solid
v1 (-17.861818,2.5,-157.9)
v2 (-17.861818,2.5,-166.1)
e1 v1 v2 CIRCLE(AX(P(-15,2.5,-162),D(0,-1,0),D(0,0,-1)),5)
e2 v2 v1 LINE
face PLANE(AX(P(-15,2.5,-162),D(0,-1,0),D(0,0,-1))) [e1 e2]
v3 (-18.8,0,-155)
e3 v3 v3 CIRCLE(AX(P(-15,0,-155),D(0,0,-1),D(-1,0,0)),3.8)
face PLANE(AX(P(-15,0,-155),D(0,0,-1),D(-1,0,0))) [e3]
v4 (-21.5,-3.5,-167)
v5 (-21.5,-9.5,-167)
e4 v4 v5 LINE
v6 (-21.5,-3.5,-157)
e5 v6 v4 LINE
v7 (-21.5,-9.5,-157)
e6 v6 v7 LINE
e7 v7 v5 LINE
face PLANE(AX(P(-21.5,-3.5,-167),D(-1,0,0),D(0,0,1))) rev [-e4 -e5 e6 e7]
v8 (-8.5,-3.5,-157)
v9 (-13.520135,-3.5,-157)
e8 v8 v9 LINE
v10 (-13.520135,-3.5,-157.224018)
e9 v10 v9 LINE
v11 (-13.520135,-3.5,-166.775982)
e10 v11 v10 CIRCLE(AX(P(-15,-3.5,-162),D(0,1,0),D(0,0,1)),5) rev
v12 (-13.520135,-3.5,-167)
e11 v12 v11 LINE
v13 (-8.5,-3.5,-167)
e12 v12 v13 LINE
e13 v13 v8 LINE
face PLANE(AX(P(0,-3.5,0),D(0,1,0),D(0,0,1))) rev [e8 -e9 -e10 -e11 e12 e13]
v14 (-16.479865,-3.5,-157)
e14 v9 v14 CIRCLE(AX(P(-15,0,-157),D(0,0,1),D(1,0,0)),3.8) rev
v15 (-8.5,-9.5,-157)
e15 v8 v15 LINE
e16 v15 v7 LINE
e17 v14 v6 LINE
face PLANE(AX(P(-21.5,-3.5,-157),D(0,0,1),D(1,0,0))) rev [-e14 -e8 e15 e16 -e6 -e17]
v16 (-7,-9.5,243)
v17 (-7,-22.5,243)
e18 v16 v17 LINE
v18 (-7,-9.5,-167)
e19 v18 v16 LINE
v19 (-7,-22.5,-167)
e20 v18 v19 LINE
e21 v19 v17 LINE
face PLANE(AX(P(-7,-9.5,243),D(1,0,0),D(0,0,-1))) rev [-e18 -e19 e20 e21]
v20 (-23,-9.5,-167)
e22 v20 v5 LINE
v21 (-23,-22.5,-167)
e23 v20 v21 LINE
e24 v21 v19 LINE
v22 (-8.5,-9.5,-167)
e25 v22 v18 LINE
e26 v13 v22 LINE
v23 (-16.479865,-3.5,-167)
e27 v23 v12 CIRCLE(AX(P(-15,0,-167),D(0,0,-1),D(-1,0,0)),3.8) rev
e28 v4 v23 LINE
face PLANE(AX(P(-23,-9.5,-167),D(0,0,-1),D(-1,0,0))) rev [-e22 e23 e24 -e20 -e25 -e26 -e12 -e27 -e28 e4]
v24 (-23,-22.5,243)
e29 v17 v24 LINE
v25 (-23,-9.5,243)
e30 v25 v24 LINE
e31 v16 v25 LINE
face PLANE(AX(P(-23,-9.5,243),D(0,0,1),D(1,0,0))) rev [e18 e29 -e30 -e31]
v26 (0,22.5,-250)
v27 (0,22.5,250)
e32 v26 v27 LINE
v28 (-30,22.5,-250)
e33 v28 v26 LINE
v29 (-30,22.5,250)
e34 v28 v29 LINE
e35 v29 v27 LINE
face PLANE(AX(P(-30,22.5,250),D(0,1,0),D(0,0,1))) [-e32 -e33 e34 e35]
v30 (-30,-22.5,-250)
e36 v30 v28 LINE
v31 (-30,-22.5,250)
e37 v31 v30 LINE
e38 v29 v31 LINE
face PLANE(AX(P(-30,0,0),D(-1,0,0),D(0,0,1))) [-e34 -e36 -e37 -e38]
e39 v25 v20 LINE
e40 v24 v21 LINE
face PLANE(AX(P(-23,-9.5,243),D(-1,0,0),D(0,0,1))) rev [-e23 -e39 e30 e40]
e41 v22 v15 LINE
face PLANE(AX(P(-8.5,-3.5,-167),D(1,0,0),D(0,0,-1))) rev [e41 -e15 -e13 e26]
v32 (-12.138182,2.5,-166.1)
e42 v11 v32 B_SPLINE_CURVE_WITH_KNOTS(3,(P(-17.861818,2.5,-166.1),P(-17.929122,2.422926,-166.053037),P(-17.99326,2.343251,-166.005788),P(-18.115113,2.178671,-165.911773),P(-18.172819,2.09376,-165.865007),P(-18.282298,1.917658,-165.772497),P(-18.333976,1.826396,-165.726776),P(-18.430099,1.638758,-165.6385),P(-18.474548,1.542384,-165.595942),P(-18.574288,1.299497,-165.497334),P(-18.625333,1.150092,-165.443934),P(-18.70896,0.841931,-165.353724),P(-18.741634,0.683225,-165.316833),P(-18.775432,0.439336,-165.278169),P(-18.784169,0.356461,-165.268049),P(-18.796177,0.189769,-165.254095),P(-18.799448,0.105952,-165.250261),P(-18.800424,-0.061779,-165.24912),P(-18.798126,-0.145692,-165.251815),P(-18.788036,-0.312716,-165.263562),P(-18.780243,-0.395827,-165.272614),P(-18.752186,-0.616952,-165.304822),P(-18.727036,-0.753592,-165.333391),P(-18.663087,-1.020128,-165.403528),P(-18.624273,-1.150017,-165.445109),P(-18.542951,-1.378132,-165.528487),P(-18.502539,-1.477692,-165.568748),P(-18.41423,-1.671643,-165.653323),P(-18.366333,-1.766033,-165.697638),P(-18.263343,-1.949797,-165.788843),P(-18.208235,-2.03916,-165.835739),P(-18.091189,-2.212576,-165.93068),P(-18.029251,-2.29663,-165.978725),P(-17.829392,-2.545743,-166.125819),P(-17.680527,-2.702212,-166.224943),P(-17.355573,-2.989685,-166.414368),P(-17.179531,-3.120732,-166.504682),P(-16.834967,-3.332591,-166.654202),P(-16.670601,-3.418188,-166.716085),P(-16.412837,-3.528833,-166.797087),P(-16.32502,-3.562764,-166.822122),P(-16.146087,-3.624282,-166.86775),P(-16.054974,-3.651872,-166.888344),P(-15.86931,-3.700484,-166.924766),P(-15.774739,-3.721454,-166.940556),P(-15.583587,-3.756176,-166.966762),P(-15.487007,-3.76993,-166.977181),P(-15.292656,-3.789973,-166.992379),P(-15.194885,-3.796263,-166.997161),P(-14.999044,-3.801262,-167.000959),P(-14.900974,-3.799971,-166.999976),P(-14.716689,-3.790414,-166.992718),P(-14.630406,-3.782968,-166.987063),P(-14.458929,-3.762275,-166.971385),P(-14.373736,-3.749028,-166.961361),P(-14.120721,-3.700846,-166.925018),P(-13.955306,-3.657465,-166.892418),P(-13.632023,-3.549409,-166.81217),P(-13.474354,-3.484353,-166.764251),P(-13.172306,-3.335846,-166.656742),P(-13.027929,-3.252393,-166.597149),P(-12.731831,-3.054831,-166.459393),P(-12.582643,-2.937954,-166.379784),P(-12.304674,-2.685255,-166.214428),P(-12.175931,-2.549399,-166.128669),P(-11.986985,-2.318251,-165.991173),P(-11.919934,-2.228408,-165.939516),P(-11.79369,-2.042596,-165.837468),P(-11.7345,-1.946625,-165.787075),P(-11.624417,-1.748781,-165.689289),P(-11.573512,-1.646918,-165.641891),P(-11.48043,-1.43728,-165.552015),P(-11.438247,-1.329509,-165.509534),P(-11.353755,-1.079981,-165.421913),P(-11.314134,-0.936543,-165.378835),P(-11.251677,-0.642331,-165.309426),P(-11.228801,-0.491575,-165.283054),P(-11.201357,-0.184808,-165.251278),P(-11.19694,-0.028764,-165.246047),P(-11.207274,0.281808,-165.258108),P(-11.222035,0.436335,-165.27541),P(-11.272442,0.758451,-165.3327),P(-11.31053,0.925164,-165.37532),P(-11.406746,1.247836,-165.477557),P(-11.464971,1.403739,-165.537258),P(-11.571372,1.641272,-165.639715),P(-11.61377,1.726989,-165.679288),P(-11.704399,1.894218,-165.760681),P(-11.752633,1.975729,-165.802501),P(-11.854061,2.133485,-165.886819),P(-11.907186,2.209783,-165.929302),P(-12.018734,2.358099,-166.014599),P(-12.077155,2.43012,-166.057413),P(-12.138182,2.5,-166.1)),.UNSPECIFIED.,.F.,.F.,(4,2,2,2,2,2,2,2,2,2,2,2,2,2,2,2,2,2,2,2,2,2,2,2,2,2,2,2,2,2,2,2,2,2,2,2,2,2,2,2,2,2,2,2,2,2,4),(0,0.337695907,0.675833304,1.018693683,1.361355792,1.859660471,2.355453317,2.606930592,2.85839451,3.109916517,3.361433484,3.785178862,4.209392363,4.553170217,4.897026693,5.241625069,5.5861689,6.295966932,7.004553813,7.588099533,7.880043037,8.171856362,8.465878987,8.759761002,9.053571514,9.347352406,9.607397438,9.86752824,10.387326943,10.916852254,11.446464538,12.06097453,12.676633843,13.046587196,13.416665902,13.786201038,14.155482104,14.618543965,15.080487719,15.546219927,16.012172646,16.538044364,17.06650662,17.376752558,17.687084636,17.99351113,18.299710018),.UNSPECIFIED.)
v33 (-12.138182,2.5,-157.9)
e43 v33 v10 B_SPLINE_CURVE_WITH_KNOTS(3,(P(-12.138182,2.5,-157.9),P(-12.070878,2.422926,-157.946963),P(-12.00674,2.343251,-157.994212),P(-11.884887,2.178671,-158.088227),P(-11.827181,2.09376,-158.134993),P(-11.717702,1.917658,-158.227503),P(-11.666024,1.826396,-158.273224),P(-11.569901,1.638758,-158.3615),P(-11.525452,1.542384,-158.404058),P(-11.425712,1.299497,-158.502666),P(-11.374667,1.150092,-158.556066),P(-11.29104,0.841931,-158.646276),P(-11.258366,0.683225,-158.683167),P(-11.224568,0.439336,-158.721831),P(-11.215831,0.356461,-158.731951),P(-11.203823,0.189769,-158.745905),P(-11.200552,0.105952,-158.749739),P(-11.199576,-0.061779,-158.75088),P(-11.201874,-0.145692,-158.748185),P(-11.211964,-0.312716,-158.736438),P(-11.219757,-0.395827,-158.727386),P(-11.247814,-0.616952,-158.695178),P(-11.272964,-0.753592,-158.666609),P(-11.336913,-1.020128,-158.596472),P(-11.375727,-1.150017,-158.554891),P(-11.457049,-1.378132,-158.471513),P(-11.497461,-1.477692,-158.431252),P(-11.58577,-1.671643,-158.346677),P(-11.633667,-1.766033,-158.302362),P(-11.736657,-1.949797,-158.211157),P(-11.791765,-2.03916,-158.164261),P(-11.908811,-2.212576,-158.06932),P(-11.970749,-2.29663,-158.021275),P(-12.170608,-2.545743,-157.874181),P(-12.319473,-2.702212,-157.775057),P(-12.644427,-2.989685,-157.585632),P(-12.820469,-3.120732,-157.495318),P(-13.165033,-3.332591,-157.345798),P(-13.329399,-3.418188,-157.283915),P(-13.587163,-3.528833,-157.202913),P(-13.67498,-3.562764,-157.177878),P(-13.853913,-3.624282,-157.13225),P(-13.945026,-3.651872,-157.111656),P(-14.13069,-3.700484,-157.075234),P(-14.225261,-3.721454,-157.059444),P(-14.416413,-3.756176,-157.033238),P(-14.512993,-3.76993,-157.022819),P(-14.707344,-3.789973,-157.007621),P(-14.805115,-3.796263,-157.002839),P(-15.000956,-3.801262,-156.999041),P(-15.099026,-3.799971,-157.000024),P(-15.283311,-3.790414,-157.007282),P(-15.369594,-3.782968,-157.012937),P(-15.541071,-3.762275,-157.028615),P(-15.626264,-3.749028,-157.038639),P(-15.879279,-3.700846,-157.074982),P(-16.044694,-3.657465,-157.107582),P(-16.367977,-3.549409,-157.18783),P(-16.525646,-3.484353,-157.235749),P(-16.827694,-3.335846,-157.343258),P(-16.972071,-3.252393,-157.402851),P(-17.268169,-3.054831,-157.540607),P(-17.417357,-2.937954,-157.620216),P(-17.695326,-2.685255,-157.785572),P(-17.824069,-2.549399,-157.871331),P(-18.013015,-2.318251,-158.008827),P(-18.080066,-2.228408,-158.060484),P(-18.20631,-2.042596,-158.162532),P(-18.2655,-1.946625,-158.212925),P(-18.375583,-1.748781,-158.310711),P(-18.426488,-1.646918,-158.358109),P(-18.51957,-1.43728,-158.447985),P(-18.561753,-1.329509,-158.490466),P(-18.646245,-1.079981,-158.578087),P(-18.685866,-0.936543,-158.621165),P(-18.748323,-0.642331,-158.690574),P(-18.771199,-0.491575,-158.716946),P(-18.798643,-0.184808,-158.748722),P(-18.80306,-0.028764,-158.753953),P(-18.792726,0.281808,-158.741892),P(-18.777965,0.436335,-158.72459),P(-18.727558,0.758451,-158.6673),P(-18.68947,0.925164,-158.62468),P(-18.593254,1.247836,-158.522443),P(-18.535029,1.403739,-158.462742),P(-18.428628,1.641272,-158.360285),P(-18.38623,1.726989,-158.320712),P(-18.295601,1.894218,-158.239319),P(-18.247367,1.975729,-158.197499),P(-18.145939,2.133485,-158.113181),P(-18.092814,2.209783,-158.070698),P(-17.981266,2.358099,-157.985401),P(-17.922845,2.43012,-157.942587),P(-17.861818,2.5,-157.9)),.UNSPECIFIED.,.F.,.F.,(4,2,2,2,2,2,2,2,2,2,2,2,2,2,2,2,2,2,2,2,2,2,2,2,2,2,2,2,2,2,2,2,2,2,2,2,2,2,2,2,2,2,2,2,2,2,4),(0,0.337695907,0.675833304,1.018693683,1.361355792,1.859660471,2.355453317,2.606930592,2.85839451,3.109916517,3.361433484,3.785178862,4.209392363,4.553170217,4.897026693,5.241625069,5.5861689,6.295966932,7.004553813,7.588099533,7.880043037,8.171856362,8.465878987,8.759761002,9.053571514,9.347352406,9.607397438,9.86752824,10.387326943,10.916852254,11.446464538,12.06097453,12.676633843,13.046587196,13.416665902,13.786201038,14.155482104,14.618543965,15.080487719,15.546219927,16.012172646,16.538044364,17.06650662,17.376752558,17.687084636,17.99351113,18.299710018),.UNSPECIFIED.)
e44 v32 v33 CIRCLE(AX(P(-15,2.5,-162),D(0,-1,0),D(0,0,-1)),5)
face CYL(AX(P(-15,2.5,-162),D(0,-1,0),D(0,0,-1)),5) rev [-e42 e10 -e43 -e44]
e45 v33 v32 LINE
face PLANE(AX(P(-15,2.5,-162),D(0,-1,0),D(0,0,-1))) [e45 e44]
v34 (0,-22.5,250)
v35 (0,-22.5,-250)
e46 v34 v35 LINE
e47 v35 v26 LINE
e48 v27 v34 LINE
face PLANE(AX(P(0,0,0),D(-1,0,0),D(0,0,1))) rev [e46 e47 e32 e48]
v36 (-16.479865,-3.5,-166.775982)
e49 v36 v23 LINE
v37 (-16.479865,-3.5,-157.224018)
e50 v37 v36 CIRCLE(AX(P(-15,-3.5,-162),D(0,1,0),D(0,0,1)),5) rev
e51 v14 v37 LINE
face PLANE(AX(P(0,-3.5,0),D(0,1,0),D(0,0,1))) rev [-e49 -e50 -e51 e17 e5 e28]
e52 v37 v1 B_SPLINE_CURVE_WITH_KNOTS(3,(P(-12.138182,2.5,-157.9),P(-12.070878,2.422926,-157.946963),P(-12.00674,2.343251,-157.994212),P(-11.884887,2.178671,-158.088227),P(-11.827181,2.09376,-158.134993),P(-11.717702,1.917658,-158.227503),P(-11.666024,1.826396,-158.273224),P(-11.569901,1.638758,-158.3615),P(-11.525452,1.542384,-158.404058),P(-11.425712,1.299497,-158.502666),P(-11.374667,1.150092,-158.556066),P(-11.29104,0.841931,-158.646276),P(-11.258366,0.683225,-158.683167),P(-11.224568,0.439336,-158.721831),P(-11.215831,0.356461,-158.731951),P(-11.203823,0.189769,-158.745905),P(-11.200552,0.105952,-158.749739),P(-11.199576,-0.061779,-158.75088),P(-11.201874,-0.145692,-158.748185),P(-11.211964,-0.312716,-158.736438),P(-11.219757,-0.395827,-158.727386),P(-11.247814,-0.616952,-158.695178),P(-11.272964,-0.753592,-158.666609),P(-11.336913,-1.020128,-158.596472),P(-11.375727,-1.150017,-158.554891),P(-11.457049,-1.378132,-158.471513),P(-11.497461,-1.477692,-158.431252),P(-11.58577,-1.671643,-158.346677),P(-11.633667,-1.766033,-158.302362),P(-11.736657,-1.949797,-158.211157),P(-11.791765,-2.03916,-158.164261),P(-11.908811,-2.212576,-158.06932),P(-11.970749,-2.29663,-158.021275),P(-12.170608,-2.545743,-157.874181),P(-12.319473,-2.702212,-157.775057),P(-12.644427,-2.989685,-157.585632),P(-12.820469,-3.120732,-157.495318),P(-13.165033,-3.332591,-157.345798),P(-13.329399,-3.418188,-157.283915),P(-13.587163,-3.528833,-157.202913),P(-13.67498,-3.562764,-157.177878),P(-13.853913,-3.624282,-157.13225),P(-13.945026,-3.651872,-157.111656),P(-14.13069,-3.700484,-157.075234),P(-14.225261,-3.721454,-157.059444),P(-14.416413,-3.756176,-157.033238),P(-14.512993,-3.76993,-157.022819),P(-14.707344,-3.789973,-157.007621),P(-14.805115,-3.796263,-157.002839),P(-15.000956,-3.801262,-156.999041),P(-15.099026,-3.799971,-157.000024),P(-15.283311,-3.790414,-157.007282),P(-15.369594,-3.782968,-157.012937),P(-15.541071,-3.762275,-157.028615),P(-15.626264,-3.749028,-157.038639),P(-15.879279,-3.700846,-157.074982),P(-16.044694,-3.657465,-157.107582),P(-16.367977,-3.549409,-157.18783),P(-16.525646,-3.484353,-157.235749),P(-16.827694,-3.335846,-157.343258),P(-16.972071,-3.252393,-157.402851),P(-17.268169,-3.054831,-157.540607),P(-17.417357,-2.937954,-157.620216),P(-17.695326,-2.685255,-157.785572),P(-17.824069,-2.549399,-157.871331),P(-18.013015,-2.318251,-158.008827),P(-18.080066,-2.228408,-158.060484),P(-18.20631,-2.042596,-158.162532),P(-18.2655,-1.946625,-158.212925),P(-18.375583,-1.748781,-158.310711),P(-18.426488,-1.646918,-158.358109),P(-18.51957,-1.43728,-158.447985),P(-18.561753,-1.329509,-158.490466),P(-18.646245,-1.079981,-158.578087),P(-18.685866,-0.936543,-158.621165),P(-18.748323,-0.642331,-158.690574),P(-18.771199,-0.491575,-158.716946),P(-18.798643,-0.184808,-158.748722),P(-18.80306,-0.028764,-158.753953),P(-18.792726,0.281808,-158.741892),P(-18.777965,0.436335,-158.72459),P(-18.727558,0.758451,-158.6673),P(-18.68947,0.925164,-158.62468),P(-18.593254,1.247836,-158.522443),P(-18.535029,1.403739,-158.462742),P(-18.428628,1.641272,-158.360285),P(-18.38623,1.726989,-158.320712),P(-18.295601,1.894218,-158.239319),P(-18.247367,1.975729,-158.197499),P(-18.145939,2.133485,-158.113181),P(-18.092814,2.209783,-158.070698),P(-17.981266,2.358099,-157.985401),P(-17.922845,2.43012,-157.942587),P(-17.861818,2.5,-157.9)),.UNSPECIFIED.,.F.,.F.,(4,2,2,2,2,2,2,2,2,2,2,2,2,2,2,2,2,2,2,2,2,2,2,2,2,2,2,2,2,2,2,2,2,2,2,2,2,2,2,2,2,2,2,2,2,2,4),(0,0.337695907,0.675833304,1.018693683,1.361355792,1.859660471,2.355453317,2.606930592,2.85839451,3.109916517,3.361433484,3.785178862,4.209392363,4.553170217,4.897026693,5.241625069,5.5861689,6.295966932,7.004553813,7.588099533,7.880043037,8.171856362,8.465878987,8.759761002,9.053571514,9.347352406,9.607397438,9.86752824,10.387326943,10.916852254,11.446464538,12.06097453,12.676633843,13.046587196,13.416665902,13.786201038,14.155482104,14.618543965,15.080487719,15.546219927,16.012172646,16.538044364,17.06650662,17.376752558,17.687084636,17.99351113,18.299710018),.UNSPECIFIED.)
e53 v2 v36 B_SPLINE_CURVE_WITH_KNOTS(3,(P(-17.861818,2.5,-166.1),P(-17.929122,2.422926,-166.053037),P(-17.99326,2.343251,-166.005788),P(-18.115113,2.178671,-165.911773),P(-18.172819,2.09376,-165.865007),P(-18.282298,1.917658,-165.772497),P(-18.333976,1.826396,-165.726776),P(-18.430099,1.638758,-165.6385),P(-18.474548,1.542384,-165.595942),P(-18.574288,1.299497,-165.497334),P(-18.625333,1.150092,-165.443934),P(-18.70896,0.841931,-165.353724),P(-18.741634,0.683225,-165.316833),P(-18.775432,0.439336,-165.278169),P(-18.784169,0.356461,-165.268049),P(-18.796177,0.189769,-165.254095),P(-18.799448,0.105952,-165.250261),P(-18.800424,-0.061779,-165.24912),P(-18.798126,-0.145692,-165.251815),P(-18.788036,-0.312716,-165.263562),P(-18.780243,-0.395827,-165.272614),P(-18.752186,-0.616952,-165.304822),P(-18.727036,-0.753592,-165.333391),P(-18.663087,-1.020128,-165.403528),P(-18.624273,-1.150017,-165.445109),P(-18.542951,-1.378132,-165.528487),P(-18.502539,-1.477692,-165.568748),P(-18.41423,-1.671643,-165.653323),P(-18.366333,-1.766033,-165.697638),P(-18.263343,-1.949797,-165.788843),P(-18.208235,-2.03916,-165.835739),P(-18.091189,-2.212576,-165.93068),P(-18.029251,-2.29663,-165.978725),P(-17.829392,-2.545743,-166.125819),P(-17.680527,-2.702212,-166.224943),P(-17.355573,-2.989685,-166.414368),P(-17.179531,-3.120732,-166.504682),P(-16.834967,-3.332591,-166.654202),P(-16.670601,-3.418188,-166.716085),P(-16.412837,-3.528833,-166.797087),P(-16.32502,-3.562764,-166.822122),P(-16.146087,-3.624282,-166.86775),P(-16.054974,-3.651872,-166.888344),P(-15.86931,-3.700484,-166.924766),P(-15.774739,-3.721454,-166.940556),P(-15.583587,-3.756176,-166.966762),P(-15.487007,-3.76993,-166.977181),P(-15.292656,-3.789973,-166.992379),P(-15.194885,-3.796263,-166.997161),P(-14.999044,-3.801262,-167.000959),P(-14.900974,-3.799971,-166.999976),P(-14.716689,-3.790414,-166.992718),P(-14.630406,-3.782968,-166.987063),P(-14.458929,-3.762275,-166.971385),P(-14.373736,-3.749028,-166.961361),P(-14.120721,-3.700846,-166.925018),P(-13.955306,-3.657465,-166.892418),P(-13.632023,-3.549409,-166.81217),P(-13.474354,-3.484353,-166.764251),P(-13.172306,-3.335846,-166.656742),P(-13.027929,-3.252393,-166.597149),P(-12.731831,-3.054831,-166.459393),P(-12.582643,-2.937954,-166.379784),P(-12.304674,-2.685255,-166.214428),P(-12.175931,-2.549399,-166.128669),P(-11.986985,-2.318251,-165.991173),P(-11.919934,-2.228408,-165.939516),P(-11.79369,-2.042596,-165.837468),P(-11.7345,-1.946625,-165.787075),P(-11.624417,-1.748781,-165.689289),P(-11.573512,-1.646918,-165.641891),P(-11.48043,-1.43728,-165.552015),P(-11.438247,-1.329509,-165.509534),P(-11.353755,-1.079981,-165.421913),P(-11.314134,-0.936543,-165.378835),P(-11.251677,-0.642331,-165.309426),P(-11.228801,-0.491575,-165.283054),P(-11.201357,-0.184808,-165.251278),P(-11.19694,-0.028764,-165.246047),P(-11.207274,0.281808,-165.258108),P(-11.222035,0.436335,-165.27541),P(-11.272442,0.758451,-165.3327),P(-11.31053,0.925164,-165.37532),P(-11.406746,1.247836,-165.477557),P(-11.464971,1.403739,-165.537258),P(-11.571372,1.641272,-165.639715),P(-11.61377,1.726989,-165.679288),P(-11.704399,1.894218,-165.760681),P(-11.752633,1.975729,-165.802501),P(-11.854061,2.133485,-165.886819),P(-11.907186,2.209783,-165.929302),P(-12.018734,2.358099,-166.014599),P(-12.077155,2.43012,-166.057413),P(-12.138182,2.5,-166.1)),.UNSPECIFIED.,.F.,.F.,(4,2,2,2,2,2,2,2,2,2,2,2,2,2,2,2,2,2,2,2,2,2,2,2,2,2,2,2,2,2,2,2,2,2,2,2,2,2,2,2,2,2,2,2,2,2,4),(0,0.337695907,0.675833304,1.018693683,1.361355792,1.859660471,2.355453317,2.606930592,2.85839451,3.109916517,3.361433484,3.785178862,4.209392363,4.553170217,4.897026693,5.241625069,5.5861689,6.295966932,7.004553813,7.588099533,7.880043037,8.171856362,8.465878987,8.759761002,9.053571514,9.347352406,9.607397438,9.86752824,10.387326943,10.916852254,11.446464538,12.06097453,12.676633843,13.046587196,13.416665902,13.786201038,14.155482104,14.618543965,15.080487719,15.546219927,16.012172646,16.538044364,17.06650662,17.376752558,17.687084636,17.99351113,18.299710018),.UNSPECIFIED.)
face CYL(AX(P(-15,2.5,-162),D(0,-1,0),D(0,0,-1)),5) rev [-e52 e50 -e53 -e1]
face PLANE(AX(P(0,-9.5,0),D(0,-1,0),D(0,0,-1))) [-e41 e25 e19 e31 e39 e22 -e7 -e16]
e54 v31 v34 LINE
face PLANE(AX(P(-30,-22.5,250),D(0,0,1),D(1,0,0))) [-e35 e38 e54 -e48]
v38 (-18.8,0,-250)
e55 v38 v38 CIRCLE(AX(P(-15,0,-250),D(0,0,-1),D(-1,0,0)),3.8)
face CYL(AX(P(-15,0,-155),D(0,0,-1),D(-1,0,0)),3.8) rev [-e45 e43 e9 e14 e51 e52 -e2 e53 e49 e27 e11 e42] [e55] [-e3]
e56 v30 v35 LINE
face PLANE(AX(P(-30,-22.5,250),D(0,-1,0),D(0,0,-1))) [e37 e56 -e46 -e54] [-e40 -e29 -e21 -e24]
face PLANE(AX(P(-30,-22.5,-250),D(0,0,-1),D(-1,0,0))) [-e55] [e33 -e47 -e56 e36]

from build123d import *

# Parameters (mm, degrees)
SKETCH1_W           = 500
SKETCH1_H           = 45
BOSS_EXTRUDE1_DEPTH = 30
SKETCH2_W           = 16
SKETCH2_H           = 410
CUT_EXTRUDE1_DEPTH  = 13
SKETCH3_R           = 3.8
CUT_EXTRUDE2_DEPTH  = 95
SKETCH4_R           = 5
CUT_EXTRUDE3_DEPTH  = 12
SKETCH5_W           = 13
SKETCH5_H           = 10
CUT_EXTRUDE4_DEPTH  = 6


with BuildPart() as part:
    # Sketch1 → Boss-Extrude1 (new body)
    with BuildSketch(Plane(origin=(0, 0, 0), x_dir=(0, 0, -1), z_dir=(1, 0, 0))):
        Rectangle(SKETCH1_W, SKETCH1_H)
    extrude(amount=-BOSS_EXTRUDE1_DEPTH)

    # Sketch2 → Cut-Extrude1 (cut)
    with BuildSketch(Plane.XZ.offset(22.5)):
        with Locations((-15, 38)):
            Rectangle(SKETCH2_W, SKETCH2_H)
    extrude(amount=-CUT_EXTRUDE1_DEPTH, mode=Mode.SUBTRACT)

    # Sketch3 → Cut-Extrude2 (cut)
    with BuildSketch(Plane(origin=(0, 0, -250), x_dir=(-1, 0, 0), z_dir=(0, 0, -1))):
        with Locations((15, 0)):
            Circle(SKETCH3_R)
    extrude(amount=-CUT_EXTRUDE2_DEPTH, mode=Mode.SUBTRACT)

    # Sketch4 → Cut-Extrude3 (cut)
    with BuildSketch(Plane.XZ.offset(9.5)):
        with Locations(Location((-15, -162, 0), (0, 0, 270))):
            Circle(SKETCH4_R)
    extrude(amount=-CUT_EXTRUDE3_DEPTH, mode=Mode.SUBTRACT)

    # Sketch5 → Cut-Extrude4 (cut)
    with BuildSketch(Plane.XZ.offset(9.5)):
        with Locations((-15, -162)):
            Rectangle(SKETCH5_W, SKETCH5_H)
    extrude(amount=-CUT_EXTRUDE4_DEPTH, mode=Mode.SUBTRACT)


solid = part.part
